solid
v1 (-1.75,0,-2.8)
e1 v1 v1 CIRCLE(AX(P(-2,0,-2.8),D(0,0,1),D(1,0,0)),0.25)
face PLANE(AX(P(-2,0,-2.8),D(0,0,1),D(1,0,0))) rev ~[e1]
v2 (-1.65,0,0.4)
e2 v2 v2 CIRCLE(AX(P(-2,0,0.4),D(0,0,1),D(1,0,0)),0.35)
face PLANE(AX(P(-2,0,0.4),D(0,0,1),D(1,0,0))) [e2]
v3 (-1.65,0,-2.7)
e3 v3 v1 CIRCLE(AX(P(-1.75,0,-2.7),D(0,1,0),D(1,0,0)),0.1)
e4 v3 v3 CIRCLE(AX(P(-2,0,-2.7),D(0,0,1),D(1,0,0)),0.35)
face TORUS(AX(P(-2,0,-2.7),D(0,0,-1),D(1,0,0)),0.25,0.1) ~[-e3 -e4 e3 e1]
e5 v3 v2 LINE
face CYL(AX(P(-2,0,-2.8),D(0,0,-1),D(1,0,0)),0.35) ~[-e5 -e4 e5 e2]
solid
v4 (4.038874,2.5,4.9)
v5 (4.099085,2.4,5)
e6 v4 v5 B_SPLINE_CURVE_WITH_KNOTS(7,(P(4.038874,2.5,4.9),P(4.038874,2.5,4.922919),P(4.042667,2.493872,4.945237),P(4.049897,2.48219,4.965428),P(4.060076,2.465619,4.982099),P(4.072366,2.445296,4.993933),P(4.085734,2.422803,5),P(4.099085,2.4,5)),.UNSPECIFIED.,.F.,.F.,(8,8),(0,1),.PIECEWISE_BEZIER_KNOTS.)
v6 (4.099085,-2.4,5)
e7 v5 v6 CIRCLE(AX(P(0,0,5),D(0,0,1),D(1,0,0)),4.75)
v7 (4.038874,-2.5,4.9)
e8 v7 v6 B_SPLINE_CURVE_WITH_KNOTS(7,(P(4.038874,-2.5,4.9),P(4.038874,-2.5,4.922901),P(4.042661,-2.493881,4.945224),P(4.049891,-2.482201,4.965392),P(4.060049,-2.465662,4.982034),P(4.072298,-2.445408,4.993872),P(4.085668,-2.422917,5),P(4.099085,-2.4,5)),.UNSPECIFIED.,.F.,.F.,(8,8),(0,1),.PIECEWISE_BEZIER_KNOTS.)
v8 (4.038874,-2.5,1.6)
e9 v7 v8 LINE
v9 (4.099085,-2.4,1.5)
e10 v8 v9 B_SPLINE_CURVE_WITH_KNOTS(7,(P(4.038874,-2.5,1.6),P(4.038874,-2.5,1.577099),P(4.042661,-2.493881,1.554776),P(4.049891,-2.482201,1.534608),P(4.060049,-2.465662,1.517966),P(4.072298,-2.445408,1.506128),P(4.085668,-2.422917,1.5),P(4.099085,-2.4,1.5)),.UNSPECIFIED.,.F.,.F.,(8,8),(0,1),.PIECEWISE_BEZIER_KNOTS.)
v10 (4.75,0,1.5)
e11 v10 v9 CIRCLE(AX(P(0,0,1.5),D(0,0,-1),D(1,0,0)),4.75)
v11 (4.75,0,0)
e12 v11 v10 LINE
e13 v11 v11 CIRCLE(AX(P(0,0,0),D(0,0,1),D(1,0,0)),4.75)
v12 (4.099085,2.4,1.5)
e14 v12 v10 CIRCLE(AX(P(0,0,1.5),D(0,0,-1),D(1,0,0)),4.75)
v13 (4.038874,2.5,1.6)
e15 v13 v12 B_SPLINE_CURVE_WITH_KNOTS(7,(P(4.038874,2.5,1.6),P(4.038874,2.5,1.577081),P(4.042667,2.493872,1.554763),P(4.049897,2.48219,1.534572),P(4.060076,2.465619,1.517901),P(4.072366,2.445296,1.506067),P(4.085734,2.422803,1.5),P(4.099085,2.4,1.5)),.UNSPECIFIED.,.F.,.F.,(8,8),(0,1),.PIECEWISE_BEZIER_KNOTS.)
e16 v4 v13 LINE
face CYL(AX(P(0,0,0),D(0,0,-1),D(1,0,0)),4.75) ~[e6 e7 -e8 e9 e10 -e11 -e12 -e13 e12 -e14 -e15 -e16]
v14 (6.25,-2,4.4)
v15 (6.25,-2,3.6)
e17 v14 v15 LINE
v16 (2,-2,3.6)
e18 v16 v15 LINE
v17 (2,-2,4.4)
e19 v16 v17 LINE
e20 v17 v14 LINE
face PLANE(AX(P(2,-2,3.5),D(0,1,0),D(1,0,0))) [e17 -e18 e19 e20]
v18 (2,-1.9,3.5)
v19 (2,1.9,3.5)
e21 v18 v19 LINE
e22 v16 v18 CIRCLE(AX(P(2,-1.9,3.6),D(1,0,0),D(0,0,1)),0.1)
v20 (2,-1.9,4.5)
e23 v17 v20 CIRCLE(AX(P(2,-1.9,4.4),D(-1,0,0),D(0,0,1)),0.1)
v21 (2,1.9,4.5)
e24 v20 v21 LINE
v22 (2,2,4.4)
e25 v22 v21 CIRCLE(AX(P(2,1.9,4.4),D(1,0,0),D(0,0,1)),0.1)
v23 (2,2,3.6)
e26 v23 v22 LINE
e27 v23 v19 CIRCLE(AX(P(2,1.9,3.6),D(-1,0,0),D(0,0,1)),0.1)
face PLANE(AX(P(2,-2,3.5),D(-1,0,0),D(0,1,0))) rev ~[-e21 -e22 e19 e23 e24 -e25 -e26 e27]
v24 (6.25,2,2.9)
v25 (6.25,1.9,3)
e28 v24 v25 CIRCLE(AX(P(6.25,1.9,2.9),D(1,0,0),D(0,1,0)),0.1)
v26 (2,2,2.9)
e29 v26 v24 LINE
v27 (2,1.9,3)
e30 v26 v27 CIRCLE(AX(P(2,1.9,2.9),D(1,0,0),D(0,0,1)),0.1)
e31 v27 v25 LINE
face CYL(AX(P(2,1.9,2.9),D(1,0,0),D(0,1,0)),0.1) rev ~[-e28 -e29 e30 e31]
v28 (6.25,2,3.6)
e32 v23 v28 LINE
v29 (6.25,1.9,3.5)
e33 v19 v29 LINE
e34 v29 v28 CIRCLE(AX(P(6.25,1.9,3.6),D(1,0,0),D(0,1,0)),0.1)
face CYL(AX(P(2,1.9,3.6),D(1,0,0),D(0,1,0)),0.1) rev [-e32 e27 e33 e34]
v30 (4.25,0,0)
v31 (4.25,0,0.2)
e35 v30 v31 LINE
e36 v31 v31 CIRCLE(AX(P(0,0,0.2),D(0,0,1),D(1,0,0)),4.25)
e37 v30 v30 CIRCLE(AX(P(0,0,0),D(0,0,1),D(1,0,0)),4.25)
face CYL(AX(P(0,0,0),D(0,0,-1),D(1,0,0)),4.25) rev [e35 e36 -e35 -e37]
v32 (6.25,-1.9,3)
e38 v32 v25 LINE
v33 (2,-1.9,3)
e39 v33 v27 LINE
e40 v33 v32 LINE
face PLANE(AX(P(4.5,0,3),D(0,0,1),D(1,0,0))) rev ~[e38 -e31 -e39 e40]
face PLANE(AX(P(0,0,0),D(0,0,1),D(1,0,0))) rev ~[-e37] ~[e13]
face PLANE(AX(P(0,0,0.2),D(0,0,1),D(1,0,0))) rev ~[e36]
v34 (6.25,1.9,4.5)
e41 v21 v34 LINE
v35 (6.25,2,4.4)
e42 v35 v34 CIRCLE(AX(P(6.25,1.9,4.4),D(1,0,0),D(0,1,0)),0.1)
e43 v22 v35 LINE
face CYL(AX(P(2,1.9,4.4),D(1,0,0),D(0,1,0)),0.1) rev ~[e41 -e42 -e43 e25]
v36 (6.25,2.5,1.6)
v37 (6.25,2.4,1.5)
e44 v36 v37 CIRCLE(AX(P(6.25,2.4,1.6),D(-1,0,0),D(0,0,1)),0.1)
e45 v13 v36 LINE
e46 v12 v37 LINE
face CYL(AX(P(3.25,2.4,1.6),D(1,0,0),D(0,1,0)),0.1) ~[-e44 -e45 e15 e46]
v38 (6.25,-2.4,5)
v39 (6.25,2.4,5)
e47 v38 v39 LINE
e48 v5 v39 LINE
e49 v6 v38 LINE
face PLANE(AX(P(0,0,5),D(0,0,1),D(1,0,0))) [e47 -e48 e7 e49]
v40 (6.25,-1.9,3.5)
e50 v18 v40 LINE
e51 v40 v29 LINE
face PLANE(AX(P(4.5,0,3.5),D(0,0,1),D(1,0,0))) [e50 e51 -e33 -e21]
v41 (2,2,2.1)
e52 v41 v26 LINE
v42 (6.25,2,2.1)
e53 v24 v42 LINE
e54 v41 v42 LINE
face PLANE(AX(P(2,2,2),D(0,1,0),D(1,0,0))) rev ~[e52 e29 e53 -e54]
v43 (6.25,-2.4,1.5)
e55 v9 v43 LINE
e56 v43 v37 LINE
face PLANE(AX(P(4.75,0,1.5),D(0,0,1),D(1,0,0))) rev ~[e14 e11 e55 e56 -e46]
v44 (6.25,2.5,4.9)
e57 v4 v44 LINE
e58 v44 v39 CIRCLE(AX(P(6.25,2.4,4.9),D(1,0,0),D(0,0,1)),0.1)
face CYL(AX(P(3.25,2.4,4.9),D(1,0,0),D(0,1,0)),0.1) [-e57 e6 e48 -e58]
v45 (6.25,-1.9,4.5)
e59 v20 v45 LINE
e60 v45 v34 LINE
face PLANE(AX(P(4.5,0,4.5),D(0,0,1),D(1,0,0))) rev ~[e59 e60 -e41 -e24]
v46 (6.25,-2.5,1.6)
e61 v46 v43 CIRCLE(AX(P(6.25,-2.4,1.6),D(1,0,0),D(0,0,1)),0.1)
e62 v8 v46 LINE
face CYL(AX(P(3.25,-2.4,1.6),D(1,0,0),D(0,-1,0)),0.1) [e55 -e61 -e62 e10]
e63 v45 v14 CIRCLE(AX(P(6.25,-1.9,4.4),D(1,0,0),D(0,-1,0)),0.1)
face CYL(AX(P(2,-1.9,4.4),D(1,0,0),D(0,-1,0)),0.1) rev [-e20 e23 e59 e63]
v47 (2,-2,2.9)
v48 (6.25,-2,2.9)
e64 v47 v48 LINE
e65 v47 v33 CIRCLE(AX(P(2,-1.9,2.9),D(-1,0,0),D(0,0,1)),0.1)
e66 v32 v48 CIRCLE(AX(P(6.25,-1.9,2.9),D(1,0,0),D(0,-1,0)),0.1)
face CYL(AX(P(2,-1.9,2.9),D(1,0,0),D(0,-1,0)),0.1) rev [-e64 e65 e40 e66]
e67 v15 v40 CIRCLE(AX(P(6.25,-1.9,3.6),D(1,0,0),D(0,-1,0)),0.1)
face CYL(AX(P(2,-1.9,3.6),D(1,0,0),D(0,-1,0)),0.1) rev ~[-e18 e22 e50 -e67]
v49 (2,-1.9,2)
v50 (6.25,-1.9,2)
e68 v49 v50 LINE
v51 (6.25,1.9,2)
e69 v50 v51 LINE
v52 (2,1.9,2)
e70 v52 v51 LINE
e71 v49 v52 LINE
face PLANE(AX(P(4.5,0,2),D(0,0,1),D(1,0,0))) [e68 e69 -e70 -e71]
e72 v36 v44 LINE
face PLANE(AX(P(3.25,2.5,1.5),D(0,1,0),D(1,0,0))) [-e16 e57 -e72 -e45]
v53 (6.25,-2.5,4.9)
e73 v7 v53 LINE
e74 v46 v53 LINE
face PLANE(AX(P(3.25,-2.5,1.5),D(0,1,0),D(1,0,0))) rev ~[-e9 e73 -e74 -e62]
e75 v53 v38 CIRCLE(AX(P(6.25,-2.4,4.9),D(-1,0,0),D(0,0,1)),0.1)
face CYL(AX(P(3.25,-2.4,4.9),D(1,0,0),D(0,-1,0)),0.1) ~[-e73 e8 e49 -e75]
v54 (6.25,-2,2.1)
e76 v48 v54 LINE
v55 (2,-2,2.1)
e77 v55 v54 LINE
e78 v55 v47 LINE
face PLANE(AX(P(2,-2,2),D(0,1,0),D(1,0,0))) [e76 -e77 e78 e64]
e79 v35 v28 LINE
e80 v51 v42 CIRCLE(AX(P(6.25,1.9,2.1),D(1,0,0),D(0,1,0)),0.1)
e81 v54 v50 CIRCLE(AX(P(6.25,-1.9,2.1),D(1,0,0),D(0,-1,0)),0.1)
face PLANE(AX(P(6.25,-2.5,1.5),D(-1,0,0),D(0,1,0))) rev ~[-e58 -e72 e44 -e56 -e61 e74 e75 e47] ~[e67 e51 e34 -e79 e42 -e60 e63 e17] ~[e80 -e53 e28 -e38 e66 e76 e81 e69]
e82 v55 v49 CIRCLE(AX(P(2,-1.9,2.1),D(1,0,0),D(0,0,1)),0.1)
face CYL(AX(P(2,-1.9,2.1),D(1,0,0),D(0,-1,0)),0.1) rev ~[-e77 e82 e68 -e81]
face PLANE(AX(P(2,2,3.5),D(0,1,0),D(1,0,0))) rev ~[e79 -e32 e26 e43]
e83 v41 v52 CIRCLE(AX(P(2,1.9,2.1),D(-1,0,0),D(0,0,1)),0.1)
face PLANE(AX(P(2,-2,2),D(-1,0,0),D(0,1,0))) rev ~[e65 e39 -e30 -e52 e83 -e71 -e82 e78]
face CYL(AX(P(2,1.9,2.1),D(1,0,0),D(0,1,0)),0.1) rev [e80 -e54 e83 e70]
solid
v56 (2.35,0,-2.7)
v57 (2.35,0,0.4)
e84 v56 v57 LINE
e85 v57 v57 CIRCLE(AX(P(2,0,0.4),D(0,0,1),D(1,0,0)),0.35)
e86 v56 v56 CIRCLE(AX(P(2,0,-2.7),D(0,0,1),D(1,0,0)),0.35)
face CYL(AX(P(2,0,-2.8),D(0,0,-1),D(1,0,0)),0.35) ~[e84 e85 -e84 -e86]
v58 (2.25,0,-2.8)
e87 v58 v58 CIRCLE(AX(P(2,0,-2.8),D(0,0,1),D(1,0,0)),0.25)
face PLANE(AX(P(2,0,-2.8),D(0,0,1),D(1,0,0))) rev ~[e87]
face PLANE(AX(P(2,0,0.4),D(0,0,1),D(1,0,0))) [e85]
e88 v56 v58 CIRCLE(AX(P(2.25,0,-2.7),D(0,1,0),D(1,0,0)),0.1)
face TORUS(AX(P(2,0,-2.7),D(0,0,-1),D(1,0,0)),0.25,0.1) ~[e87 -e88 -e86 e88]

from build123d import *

# Parameters (mm, degrees)
CYLINDER001_R     = 0.35
CYLINDER001_DEPTH = 3.2
FILLET003_R       = 0.1
CYLINDER003_R     = 0.35
CYLINDER003_DEPTH = 3.2
FILLET004_R       = 0.1
BOX002_W          = 5
BOX002_H          = 4
BOX002_DEPTH      = 1
FILLET002_R       = 0.1
BOX001_W          = 5
BOX001_H          = 4
BOX001_DEPTH      = 1
FILLET001_R       = 0.1
BOX_W             = 3
BOX_H             = 5
BOX_DEPTH         = 3.5
FILLET_R          = 0.1
CYLINDER002_R     = 4.25
CYLINDER002_DEPTH = 0.2
CYLINDER_R        = 4.75
CYLINDER_DEPTH    = 5


with BuildPart() as fillet003:
    # Cylinder001 → Cylinder001 (new body)
    with BuildSketch(Plane(origin=(2, 0, -2.8), x_dir=(1, 0, 0), z_dir=(0, 0, 1))):
        Circle(CYLINDER001_R)
    extrude(amount=CYLINDER001_DEPTH)

    # Fillet003
    fillet003_edges = [fillet003.edges().sort_by_distance(p)[0] for p in [
        (1.65, 0, -2.8),
    ]]
    fillet(fillet003_edges, radius=FILLET003_R)


with BuildPart() as fillet004:
    # Cylinder003 → Cylinder003 (new body)
    with BuildSketch(Plane(origin=(-2, 0, -2.8), x_dir=(1, 0, 0), z_dir=(0, 0, 1))):
        Circle(CYLINDER003_R)
    extrude(amount=CYLINDER003_DEPTH)

    # Fillet004
    fillet004_edges = [fillet004.edges().sort_by_distance(p)[0] for p in [
        (-2.35, 0, -2.8),
    ]]
    fillet(fillet004_edges, radius=FILLET004_R)


with BuildPart() as fillet002:
    # Box002 → Box002 (new body)
    with BuildSketch(Plane(origin=(2, -2, 2), x_dir=(1, 0, 0), z_dir=(0, 0, 1))):
        with Locations((2.5, 2)):
            Rectangle(BOX002_W, BOX002_H)
    extrude(amount=BOX002_DEPTH)

    # Fillet002
    fillet002_edges = [fillet002.edges().sort_by_distance(p)[0] for p in [
        (4.5, -2, 2),
        (4.5, -2, 3),
        (4.5, 2, 2),
        (4.5, 2, 3),
    ]]
    fillet(fillet002_edges, radius=FILLET002_R)


with BuildPart() as fillet002_1:
    # Fillet002 placement: moved
    add(fillet002.part.moved(Location((0, 0, 1.5))))


with BuildPart() as fusion001:
    # Box001 → Box001 (new body)
    with BuildSketch(Plane(origin=(2, -2, 2), x_dir=(1, 0, 0), z_dir=(0, 0, 1))):
        with Locations((2.5, 2)):
            Rectangle(BOX001_W, BOX001_H)
    extrude(amount=BOX001_DEPTH)

    # Fillet001
    fillet001_edges = [fusion001.edges().sort_by_distance(p)[0] for p in [
        (4.5, -2, 2),
        (4.5, -2, 3),
        (4.5, 2, 2),
        (4.5, 2, 3),
    ]]
    fillet(fillet001_edges, radius=FILLET001_R)

    # Fusion001: union Fillet002
    add(fillet002_1.part)


with BuildPart() as fillet_body:
    # Box → Box (new body)
    with BuildSketch(Plane(origin=(3.25, -2.5, 1.5), x_dir=(1, 0, 0), z_dir=(0, 0, 1))):
        with Locations((1.5, 2.5)):
            Rectangle(BOX_W, BOX_H)
    extrude(amount=BOX_DEPTH)

    # Fillet
    fillet_edges = [fillet_body.edges().sort_by_distance(p)[0] for p in [
        (4.75, -2.5, 1.5),
        (4.75, -2.5, 5),
        (4.75, 2.5, 1.5),
        (4.75, 2.5, 5),
    ]]
    fillet(fillet_edges, radius=FILLET_R)


with BuildPart() as cylinder002:
    # Cylinder002 → Cylinder002 (new body)
    with BuildSketch(Plane.XY):
        Circle(CYLINDER002_R)
    extrude(amount=CYLINDER002_DEPTH)


with BuildPart() as cut001:
    # Cylinder → Cylinder (new body)
    with BuildSketch(Plane.XY):
        Circle(CYLINDER_R)
    extrude(amount=CYLINDER_DEPTH)

    # Cut: cut Cylinder002
    add(cylinder002.part, mode=Mode.SUBTRACT)

    # Fusion: union Fillet body
    add(fillet_body.part)

    # Cut001: cut Fusion001
    add(fusion001.part, mode=Mode.SUBTRACT)


solid = Compound([fillet003.part, fillet004.part, cut001.part])
